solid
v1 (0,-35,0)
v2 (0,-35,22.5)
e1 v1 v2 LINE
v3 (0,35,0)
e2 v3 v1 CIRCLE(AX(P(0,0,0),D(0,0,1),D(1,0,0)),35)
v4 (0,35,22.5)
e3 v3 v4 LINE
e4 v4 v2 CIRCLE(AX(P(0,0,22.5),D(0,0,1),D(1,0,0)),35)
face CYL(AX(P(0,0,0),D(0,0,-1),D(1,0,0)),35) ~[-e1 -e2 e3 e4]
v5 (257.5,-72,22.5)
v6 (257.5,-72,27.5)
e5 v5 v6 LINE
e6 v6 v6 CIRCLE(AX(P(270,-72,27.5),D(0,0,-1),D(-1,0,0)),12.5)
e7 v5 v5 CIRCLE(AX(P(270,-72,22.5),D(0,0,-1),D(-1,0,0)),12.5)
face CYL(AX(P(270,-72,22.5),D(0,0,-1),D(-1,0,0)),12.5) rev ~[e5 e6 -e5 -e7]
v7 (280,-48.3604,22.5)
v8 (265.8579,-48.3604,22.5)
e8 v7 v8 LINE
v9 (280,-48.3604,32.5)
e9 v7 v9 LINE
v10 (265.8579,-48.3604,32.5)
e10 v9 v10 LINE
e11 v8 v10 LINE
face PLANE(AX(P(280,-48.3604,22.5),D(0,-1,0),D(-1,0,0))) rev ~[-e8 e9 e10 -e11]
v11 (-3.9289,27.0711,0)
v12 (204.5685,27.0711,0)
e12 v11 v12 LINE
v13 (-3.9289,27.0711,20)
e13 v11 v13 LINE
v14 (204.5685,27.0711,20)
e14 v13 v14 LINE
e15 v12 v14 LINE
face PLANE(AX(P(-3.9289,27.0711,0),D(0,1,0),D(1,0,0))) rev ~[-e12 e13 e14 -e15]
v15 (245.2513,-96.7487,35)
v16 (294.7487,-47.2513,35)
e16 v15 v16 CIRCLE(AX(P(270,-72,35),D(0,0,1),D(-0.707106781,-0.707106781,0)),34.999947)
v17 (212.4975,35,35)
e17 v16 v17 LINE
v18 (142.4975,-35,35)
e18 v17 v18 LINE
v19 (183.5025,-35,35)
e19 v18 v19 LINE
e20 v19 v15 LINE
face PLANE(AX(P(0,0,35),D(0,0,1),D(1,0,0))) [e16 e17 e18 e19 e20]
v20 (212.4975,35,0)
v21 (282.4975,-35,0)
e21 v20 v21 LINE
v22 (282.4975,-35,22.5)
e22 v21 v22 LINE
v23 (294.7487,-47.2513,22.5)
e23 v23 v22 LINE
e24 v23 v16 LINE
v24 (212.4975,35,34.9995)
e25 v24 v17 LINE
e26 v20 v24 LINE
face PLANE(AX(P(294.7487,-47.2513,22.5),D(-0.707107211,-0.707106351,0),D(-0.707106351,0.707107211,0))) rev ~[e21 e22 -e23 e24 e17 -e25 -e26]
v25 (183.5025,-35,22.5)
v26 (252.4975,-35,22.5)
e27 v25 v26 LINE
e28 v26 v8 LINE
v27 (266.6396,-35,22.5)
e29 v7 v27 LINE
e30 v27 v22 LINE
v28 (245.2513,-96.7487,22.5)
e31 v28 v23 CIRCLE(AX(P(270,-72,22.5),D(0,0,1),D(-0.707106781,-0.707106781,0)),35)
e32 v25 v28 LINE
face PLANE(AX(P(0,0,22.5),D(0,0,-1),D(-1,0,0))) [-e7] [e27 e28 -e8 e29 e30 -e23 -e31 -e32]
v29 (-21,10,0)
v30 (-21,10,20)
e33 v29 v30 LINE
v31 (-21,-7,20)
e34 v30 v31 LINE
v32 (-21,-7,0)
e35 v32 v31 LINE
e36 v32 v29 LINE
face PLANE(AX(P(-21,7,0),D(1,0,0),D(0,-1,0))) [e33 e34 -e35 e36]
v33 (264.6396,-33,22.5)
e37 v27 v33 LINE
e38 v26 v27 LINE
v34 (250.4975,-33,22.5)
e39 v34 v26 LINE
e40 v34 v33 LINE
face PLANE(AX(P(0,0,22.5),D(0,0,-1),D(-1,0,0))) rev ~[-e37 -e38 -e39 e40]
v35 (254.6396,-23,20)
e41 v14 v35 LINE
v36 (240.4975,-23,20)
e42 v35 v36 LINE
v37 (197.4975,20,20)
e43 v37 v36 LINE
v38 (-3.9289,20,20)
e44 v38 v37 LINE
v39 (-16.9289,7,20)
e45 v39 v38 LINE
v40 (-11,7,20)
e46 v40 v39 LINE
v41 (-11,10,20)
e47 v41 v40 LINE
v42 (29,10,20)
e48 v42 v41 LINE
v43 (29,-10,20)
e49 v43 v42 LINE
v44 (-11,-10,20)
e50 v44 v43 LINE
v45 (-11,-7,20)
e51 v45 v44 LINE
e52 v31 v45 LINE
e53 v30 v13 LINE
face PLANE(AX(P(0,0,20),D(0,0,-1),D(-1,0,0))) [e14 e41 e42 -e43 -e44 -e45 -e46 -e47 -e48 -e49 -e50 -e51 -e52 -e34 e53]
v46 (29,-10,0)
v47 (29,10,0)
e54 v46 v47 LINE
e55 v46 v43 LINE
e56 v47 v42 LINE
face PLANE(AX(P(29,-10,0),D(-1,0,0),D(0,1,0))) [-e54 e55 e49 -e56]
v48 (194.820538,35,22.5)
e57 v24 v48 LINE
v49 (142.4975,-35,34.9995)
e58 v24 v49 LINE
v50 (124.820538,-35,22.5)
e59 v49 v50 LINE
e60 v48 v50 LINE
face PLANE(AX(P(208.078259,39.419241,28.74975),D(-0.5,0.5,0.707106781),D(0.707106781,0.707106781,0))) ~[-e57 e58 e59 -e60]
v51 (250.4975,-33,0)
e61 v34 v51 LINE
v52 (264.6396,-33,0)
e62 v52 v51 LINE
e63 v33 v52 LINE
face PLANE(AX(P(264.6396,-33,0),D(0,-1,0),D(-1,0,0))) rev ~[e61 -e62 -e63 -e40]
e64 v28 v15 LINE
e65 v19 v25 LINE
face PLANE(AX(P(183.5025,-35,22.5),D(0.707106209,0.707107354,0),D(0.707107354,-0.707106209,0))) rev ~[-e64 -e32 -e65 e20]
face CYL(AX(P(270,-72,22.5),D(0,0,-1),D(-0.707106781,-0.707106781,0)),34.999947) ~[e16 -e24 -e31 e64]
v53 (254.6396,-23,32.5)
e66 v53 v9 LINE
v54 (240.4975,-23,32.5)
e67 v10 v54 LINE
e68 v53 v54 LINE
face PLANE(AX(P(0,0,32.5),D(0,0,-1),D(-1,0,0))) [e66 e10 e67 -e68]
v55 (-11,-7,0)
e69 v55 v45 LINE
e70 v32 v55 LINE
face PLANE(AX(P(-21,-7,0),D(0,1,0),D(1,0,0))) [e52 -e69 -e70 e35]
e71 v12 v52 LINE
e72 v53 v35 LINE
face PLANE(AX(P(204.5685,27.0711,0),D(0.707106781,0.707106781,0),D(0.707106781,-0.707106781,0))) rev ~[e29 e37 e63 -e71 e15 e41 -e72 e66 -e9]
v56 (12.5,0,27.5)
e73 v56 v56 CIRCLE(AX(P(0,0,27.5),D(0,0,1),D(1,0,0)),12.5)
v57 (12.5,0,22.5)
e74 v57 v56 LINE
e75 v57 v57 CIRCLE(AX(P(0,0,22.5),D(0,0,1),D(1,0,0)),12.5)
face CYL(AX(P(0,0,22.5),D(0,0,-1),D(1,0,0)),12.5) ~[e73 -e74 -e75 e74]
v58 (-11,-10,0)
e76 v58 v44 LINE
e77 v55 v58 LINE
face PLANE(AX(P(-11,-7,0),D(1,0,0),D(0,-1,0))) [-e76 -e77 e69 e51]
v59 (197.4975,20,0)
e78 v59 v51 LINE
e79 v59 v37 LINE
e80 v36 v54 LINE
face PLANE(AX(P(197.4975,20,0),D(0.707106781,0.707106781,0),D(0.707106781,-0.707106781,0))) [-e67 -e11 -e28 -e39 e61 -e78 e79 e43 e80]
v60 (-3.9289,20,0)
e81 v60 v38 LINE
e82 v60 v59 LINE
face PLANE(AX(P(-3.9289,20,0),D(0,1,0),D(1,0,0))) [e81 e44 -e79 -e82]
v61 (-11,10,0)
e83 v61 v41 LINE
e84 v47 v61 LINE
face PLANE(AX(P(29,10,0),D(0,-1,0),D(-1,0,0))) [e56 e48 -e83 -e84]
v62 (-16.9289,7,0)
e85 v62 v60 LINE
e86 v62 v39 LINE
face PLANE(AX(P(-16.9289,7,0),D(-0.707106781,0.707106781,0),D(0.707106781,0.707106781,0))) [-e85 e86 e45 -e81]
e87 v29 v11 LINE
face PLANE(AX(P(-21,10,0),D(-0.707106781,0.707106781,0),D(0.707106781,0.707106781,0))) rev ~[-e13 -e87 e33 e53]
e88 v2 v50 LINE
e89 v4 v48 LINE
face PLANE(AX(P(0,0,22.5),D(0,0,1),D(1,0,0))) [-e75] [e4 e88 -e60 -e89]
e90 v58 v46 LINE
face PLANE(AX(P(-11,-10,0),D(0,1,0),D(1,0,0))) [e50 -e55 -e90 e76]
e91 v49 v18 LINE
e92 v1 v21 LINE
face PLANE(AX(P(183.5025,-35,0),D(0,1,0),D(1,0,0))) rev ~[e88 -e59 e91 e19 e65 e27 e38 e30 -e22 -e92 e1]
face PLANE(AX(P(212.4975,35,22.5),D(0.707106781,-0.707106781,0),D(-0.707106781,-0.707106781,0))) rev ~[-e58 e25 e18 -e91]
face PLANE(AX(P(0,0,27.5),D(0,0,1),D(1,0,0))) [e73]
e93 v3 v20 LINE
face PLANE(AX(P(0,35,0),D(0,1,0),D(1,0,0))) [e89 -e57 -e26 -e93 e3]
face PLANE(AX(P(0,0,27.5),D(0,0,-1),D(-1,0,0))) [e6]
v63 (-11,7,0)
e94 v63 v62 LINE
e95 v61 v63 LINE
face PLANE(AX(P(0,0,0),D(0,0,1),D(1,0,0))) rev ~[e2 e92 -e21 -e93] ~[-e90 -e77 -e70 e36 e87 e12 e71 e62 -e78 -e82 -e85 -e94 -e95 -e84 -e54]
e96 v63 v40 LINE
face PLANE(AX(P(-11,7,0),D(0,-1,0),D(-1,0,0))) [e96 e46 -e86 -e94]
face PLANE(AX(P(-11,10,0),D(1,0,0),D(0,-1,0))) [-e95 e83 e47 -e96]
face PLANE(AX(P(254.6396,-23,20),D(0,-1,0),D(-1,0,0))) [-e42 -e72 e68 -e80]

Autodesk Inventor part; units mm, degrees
ref_plane "YZ Plane" through (0, 0, 0) normal (1, 0, 0) x (0, 1, 0)
ref_plane "XZ Plane" through (0, 0, 0) normal (0, 1, 0) x (-1, 0, 0)
ref_plane "XY Plane" through (0, 0, 0) normal (0, 0, 1) x (1, 0, 0)
sketch "Sketch1" plane through (0, 0, 0) normal (0, 0, 1) x (1, 0, 0)
  circle A0 centre (0, 0) radius 35
  line L0 (0, 35) -> (212.4975, 35)
  line L1 (212.4975, 35) -> (294.7487, -47.2513)
  circle A1 centre (270, -72) radius 35
  line L2 (0, -35) -> (183.5025, -35)
  line L3 (183.5025, -35) -> (245.2513, -96.7487)
  dimension "d0" = 70
  dimension "d1" = 135
  dimension "d2" = 70
  dimension "d3" = 37
  dimension "d4" = 270
extrude "Extrusion1" add sketch "Sketch1" along normal blind 22.5
sketch "Sketch2" plane through (0, 0, 22.5) normal (0, 0, 1) x (1, 0, 0)
  line L0 (294.7487, -47.2513) -> (212.4975, 35) projected
  line L1 (212.4975, 35) -> (142.4975, -35)
  line L2 (0, -35) -> (183.5025, -35) projected
  arc A0 (245.2513, -96.7487) -> (294.7487, -47.2513) centre (270, -72) ccw projected
  line L3 (294.7487, -47.2513) -> (212.4975, 35) projected
  line L4 (212.4975, 35) -> (0, 35) projected
  arc A1 (0, 35) -> (0, -35) centre (0, 0) ccw projected
  line L5 (0, -35) -> (183.5025, -35) projected
  line L6 (183.5025, -35) -> (245.2513, -96.7487) projected
  line L7 (142.4975, -35) -> (183.5025, -35)
  dimension "d7" = 45
extrude "Extrusion2" add sketch "Sketch2" along normal blind 12.5 contours A0 L6 L2 L1 L0
chamfer "Chamfer1" distance 12.5 angle 45 1 edges at (177.4975, 0, 22.5)
sketch "Sketch3" plane through (0, 0, 0) normal (0, 0, -1) x (-1, 0, 0)
  line L0 (-29, 10) -> (11, 10)
  line L1 (11, 10) -> (11, -10)
  line L2 (11, -10) -> (-29, -10)
  line L3 (-29, -10) -> (-29, 10)
  line L4 (11, 7) -> (21, 7)
  line L5 (21, 7) -> (21, -7)
  line L6 (21, -7) -> (11, -7)
  line L7 (11, -7) -> (11, 7)
  line L8 (21, 7) -> (21, 10)
  line L9 (21, 10) -> (3.9289, 27.0711)
  line L10 (16.9289, 7) -> (3.9289, 20)
  line L11 (-212.4975, 35) -> (0, 35) projected
  line L12 (3.9289, 20) -> (3.9289, 27.0711) construction
  line L13 (3.9289, 27.0711) -> (-204.5685, 27.0711)
  line L14 (3.9289, 20) -> (-197.4975, 20)
  line L15 (-212.4975, 35) -> (-142.4975, -35) construction
  line L16 (-204.5685, 27.0711) -> (-264.6396, -33)
  line L17 (-204.5685, 27.0711) -> (-130.9289, 27.0711) construction
  line L18 (-197.4975, 20) -> (-250.4975, -33)
  line L19 (-294.7487, -47.2513) -> (-212.4975, 35) projected
  line L20 (0, -35) -> (-183.5025, -35) projected
  line L21 (-264.6396, -33) -> (-250.4975, -33)
  point P0 (0, 0)
  point P1 (-194.8198, 35)
  dimension "d13" = 40
  dimension "d14" = 20
  dimension "d15" = 10
  dimension "d16" = 29
  dimension "d17" = 3
  dimension "d18" = 3
  dimension "d19" = 10
  dimension "d22" = 135
  dimension "d23" = 3
  dimension "d24" = 10
  dimension "d25" = 5
  dimension "d26" = 10
  dimension "d29" = 135
  dimension "d35" = 2
sketch "Sketch4" plane through (0, 0, 0) normal (0, 0, -1) x (-1, 0, 0)
  line L0 (-142.4975, -35) -> (-183.5025, -35) projected
  line L1 (-183.5025, -35) -> (-282.4975, -35)
  line L2 (-294.7487, -47.2513) -> (-212.4975, 35) projected
  line L3 (0, -35) -> (-183.5025, -35) projected
  arc A0 (-294.7487, -47.2513) -> (-245.2513, -96.7487) centre (-270, -72) ccw projected
  line L4 (-183.5025, -35) -> (-245.2513, -96.7487) projected
  line L5 (0, -35) -> (-183.5025, -35) projected
  arc A1 (0, -35) -> (0, 35) centre (0, 0) ccw projected
  line L6 (-212.4975, 35) -> (0, 35) projected
  line L7 (-294.7487, -47.2513) -> (-212.4975, 35) projected
  line L8 (-282.4975, -35) -> (-294.7487, -47.2513)
extrude "Extrusion3" cut sketch "Sketch4" against normal blind 22.5 contours L4 A0 L2 L1
extrude "Extrusion4" cut sketch "Sketch3" against normal blind 20
sketch "Sketch5" plane through (0, 0, 22.5) normal (0, 0, 1) x (1, 0, 0)
  circle A0 centre (0, 0) radius 12.5
  dimension "d30" = 25
extrude "Extrusion5" add sketch "Sketch5" along normal blind 5
sketch "Sketch6" plane through (0, 0, 20) normal (0, 0, -1) x (-1, 0, 0)
  line L0 (11, 7) -> (16.9289, 7) projected
  line L1 (11, 10) -> (11, 7) projected
  line L2 (-29, 10) -> (11, 10) projected
  line L3 (-29, -10) -> (-29, 10) projected
  line L4 (11, -10) -> (-29, -10) projected
  line L5 (11, -7) -> (11, -10) projected
  line L6 (21, -7) -> (11, -7) projected
  line L7 (21, 10) -> (21, -7) projected
  line L8 (3.9289, 27.0711) -> (21, 10) projected
  line L9 (-204.5685, 27.0711) -> (3.9289, 27.0711) projected
  line L10 (-264.6396, -33) -> (-204.5685, 27.0711) projected
  line L11 (-250.4975, -33) -> (-264.6396, -33) projected
  line L12 (-197.4975, 20) -> (-250.4975, -33) projected
  line L13 (3.9289, 20) -> (-197.4975, 20) projected
  line L14 (16.9289, 7) -> (3.9289, 20) projected
  line L15 (-264.6396, -33) -> (-204.5685, 27.0711) projected
  line L16 (-254.6396, -23) -> (-240.4975, -23)
  line L17 (-197.4975, 20) -> (-250.4975, -33) projected
  point P0 (0, 0)
  dimension "d36" = 10
extrude "Extrusion6" cut sketch "Sketch6" against normal up to surface (2.5 mm away) contours L12 L11 L10 L16
sketch "Sketch7" plane through (0, 0, 22.5) normal (0, 0, -1) x (-1, 0, 0)
  line L0 (-254.6396, -23) -> (-240.4975, -23) projected
  line L1 (-264.6396, -33) -> (-254.6396, -23) projected
  line L2 (-250.4975, -33) -> (-264.6396, -33) projected
  line L3 (-240.4975, -23) -> (-250.4975, -33) projected
  line L4 (-264.6396, -33) -> (-280, -48.3604)
  line L5 (-280, -48.3604) -> (-265.8579, -48.3604)
  line L6 (-265.8579, -48.3604) -> (-250.4975, -33)
  point P0 (0, 0)
extrude "Extrusion7" cut sketch "Sketch7" against normal blind 10
sketch "Sketch8" plane through (0, 0, 22.5) normal (0, 0, -1) x (-1, 0, 0)
  arc A0 (-294.7487, -47.2513) -> (-245.2513, -96.7487) centre (-270, -72) ccw projected
  circle A1 centre (-270, -72) radius 12.5
  point P0 (0, 0)
  dimension "d41" = 25
extrude "Extrusion8" cut sketch "Sketch8" against normal blind 5
properties part number "arm 1 leftt"
